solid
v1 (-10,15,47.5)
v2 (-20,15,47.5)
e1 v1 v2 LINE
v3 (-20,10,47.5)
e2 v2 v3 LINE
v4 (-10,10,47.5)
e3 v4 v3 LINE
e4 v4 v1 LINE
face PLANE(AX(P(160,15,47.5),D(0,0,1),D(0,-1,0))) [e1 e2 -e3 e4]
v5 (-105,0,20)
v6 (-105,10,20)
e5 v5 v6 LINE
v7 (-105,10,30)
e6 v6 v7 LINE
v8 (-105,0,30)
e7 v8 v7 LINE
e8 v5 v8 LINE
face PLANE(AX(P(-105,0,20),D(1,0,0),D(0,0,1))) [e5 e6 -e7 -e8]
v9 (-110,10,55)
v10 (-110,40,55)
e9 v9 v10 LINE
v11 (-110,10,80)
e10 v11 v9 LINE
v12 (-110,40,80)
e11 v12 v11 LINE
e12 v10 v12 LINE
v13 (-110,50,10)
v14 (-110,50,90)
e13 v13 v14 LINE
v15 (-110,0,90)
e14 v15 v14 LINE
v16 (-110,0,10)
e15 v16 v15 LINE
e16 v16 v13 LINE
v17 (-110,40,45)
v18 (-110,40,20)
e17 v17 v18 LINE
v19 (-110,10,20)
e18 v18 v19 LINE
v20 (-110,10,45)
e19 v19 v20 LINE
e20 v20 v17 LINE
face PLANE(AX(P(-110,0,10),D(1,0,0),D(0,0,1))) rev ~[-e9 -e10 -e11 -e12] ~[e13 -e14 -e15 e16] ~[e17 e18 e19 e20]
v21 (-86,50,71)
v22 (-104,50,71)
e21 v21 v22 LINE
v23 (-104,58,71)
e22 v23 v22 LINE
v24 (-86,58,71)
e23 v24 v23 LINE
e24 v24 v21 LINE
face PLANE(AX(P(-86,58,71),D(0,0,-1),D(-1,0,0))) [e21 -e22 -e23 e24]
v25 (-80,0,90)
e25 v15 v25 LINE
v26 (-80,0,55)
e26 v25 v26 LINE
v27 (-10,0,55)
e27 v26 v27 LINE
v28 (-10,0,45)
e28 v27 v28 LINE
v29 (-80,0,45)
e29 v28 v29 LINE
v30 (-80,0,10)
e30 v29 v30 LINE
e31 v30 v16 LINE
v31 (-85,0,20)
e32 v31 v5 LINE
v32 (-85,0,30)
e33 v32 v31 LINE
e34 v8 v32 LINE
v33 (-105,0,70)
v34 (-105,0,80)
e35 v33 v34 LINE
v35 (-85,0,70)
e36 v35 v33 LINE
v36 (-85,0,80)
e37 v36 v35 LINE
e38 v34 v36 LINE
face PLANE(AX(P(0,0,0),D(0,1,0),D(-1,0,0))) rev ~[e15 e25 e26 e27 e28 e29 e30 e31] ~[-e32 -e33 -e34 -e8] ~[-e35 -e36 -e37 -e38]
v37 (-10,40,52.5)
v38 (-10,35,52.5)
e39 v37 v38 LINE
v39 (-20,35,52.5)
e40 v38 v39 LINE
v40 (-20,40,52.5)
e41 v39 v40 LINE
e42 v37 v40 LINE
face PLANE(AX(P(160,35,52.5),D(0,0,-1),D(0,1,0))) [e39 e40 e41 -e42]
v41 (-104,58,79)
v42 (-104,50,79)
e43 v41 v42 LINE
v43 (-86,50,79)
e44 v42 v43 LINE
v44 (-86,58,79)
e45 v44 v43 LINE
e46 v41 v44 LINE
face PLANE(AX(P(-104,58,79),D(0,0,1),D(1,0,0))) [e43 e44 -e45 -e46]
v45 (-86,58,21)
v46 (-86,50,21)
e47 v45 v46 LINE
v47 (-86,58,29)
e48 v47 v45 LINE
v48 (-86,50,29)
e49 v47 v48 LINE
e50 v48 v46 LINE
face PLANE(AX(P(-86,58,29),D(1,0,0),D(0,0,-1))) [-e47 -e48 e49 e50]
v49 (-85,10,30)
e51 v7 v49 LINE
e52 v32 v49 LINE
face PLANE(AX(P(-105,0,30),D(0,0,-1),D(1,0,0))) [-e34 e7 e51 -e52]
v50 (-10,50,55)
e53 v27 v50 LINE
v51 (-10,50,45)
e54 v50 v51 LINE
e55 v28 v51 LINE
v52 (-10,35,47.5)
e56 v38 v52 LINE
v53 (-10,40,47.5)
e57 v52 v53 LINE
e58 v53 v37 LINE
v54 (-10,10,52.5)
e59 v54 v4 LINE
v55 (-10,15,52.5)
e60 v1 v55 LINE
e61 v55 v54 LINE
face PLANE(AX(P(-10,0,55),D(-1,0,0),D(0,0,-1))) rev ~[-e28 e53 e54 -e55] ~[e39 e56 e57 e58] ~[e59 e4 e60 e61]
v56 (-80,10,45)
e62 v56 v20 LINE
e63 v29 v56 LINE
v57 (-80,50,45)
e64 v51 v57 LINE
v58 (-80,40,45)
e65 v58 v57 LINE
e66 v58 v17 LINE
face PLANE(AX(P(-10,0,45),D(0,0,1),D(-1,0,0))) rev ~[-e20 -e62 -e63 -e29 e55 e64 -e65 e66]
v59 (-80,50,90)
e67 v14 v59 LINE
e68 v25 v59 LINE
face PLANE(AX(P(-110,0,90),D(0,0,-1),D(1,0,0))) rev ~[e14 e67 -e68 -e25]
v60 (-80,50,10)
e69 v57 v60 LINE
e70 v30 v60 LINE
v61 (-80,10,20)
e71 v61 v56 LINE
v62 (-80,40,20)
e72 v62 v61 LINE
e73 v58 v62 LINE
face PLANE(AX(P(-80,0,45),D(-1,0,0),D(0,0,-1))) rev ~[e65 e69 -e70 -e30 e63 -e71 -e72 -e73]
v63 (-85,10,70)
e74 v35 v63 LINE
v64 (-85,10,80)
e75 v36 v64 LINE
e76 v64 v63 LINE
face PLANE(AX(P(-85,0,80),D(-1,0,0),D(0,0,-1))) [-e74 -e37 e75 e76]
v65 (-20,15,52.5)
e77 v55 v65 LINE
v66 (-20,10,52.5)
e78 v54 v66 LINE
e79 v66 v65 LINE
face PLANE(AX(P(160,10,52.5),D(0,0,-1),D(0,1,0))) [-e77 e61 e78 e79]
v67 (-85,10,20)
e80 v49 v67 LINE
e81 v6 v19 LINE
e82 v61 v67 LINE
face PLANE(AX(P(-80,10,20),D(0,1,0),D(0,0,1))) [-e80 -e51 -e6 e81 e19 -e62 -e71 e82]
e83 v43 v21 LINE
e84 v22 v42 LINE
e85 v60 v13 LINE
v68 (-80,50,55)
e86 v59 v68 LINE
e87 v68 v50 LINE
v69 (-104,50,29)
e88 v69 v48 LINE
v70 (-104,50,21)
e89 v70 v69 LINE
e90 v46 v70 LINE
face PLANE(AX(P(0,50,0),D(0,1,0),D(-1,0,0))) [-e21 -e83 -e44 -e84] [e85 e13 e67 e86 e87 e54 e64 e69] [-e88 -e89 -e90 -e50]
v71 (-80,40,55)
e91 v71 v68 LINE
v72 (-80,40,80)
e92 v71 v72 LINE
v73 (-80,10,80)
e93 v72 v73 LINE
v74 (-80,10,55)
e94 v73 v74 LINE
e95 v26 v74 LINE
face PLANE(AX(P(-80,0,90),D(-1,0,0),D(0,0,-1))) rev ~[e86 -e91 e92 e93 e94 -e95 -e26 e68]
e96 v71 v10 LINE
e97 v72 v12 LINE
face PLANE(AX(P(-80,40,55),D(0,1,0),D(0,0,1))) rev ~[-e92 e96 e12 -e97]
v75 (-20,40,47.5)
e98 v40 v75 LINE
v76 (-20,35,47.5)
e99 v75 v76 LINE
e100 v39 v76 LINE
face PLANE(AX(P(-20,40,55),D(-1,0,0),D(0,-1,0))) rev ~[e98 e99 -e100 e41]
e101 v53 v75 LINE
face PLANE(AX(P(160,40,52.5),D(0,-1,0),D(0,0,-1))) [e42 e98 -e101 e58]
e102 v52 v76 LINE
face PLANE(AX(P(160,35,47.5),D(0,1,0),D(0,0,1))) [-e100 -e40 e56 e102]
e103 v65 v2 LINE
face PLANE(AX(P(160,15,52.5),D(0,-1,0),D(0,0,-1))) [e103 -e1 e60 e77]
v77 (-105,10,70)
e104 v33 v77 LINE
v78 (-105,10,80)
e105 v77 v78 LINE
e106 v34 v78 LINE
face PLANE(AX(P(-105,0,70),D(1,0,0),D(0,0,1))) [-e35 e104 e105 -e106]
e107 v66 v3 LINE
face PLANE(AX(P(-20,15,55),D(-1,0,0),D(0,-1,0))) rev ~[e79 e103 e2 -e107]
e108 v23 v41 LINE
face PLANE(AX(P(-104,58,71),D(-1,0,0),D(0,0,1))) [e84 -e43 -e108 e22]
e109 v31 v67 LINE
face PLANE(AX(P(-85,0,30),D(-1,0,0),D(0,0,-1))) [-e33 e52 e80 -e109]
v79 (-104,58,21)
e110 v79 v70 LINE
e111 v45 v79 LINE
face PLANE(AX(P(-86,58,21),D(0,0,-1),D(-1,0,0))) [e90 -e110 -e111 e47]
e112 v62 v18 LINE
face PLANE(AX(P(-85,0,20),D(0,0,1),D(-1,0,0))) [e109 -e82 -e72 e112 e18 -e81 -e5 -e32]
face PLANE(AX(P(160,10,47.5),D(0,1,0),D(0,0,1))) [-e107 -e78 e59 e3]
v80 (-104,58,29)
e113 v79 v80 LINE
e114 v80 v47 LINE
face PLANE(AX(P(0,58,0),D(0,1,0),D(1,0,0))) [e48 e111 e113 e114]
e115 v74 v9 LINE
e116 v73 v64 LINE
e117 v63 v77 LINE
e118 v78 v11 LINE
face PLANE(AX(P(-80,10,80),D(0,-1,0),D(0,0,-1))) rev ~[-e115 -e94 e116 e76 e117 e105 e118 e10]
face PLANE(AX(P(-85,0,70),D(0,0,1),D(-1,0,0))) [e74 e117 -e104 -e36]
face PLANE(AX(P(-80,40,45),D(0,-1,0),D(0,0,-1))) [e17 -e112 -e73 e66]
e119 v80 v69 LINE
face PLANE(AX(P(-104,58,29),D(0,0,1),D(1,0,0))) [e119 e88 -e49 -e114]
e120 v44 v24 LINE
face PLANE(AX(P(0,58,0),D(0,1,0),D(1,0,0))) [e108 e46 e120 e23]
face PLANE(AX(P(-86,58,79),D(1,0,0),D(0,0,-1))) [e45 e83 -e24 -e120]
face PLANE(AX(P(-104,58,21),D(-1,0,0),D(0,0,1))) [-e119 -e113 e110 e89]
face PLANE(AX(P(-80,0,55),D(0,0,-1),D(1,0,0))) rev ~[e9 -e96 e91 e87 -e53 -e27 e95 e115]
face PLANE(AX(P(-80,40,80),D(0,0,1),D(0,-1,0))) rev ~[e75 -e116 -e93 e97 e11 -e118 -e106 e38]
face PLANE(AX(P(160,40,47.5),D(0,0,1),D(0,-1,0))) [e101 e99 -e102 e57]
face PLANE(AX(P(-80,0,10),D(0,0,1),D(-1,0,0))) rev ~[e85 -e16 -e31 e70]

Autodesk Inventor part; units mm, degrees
ref_plane "YZ Plane" through (0, 0, 0) normal (1, 0, 0) x (0, 1, 0)
ref_plane "XZ Plane" through (0, 0, 0) normal (0, 1, 0) x (-1, 0, 0)
ref_plane "XY Plane" through (0, 0, 0) normal (0, 0, 1) x (1, 0, 0)
sketch "Sketch1" plane through (0, 0, 0) normal (0, 1, 0) x (-1, 0, 0)
  line L0 (-10, -55) -> (-160, -55)
  line L1 (-160, -55) -> (-160, -45)
  line L2 (-160, -45) -> (-10, -45)
  line L3 (-10, -45) -> (-10, -55)
  line L4 (10, -55) -> (80, -55)
  line L5 (80, -55) -> (80, -90)
  line L6 (80, -90) -> (110, -90)
  line L7 (110, -90) -> (110, -10)
  line L8 (110, -10) -> (80, -10)
  line L9 (80, -10) -> (80, -45)
  line L10 (80, -45) -> (10, -45)
  line L11 (10, -45) -> (10, -55)
  line L12 (0, -122.2654) -> (0, -189.4683)
  line L13 (-10, 55) -> (-10, 45)
  line L14 (10, 55) -> (10, 45)
  line L15 (80, 10) -> (110, 10)
  line L16 (10, 45) -> (80, 45)
  line L17 (80, 45) -> (80, 10)
  line L18 (80, 55) -> (10, 55)
  line L19 (80, 90) -> (80, 55)
  line L20 (110, 10) -> (110, 90)
  line L21 (110, 90) -> (80, 90)
  line L22 (-160, 55) -> (-10, 55)
  line L23 (-160, 45) -> (-160, 55)
  line L24 (-10, 45) -> (-160, 45)
  point P0 (0, 0)
  dimension "d0" = 10
  dimension "d1" = 80
  dimension "d2" = 10
  dimension "d4" = 30
  dimension "d5" = 30
  dimension "d6" = 35
  dimension "d7" = 35
  dimension "d8" = 45
  dimension "d9" = 10
  dimension "d10" = 10
  dimension "d11" = 150
  dimension "d12" = 100
  dimension "d13" = 0
  dimension "d16" = 100
extrude "Extrusion1" add sketch "Sketch1" along normal blind 50
sketch "Sketch2" plane through (160, 0, 55) normal (1, 0, 0) x (0, 0, -1)
  line L0 (2.5, 40) -> (7.5, 40)
  line L1 (7.5, 40) -> (7.5, 35)
  line L2 (7.5, 35) -> (2.5, 35)
  line L3 (2.5, 35) -> (2.5, 40)
  line L4 (0, 50) -> (10, 50) projected
  line L5 (10, 0) -> (10, 50) projected
  line L6 (2.5, 15) -> (7.5, 15)
  line L7 (7.5, 15) -> (7.5, 10)
  line L8 (7.5, 10) -> (2.5, 10)
  line L9 (2.5, 10) -> (2.5, 15)
  line L10 (102.5, 40) -> (107.5, 40)
  line L11 (107.5, 40) -> (107.5, 35)
  line L12 (107.5, 35) -> (102.5, 35)
  line L13 (102.5, 35) -> (102.5, 40)
  line L14 (102.5, 15) -> (107.5, 15)
  line L15 (107.5, 15) -> (107.5, 10)
  line L16 (107.5, 10) -> (102.5, 10)
  line L17 (102.5, 10) -> (102.5, 15)
  point P0 (55, 0)
  dimension "d23" = 10
  dimension "d24" = 5
  dimension "d25" = 2.5
  dimension "d26" = 5
  dimension "d29" = 25
  dimension "d32" = 100
extrude "Extrusion2" cut sketch "Sketch2" against normal blind 200
sketch "Sketch3" plane through (0, 50, 0) normal (0, 1, 0) x (1, 0, 0)
  line L0 (-105, -20) -> (-85, -20)
  line L1 (-85, -20) -> (-85, -30)
  line L2 (-85, -30) -> (-105, -30)
  line L3 (-105, -30) -> (-105, -20)
  line L4 (-110, -10) -> (-110, -90) projected
  line L5 (-105, -70) -> (-85, -70)
  line L6 (-85, -70) -> (-85, -80)
  line L7 (-85, -80) -> (-105, -80)
  line L8 (-105, -80) -> (-105, -70)
  line L9 (-105, 80) -> (-85, 80)
  line L10 (-85, 80) -> (-85, 70)
  line L11 (-85, 70) -> (-105, 70)
  line L12 (-105, 70) -> (-105, 80)
  line L13 (-105, 30) -> (-85, 30)
  line L14 (-85, 30) -> (-85, 20)
  line L15 (-85, 20) -> (-105, 20)
  line L16 (-105, 20) -> (-105, 30)
  point P0 (0, 0)
  dimension "d37" = 20
  dimension "d38" = 10
  dimension "d39" = 20
  dimension "d40" = 85
  dimension "d43" = 50
  dimension "d46" = 100
extrude "Extrusion3" add sketch "Sketch3" along normal blind 8
sketch "Sketch4" plane through (0, 0, 0) normal (0, -1, 0) x (1, 0, 0)
  line L0 (-105, -70) -> (-85, -70) projected
  line L1 (-85, -70) -> (-85, -80) projected
  line L2 (-85, -80) -> (-105, -80) projected
  line L3 (-105, -80) -> (-105, -70) projected
  line L4 (-105, -20) -> (-85, -20) projected
  line L5 (-85, -20) -> (-85, -30) projected
  line L6 (-85, -30) -> (-105, -30) projected
  line L7 (-105, -30) -> (-105, -20) projected
  line L8 (-105, 30) -> (-85, 30) projected
  line L9 (-85, 30) -> (-85, 20) projected
  line L10 (-85, 20) -> (-105, 20) projected
  line L11 (-105, 20) -> (-105, 30) projected
  line L12 (-105, 80) -> (-85, 80) projected
  line L13 (-85, 80) -> (-85, 70) projected
  line L14 (-85, 70) -> (-105, 70) projected
  line L15 (-105, 70) -> (-105, 80) projected
  line L16 (-85, 80) -> (-105, 80)
  line L17 (-105, 80) -> (-105, 70)
  line L18 (-105, 70) -> (-85, 70)
  line L19 (-85, 70) -> (-85, 80)
  line L20 (-85, 30) -> (-105, 30)
  line L21 (-105, 30) -> (-105, 20)
  line L22 (-105, 20) -> (-85, 20)
  line L23 (-85, 20) -> (-85, 30)
  line L24 (-85, -20) -> (-105, -20)
  line L25 (-105, -20) -> (-105, -30)
  line L26 (-105, -30) -> (-85, -30)
  line L27 (-85, -30) -> (-85, -20)
  line L28 (-85, -70) -> (-105, -70)
  line L29 (-105, -70) -> (-105, -80)
  line L30 (-105, -80) -> (-85, -80)
  line L31 (-85, -80) -> (-85, -70)
  point P0 (0, 0)
extrude "Extrusion4" cut sketch "Sketch4" against normal blind 10
sketch "Sketch5" plane through (10, 0, 55) normal (0, 0, 1) x (1, 0, 0)
  line L0 (0, 0) -> (0, 50) projected
  line L1 (0, 50) -> (150, 50) projected
  line L2 (150, 0) -> (150, 50) projected
  line L3 (0, 0) -> (150, 0) projected
  line L4 (0, 35) -> (0, 40) projected
  line L5 (150, 35) -> (0, 35) projected
  line L6 (150, 40) -> (150, 35) projected
  line L7 (150, 40) -> (0, 40) projected
  line L8 (0, 10) -> (0, 15) projected
  line L9 (150, 10) -> (0, 10) projected
  line L10 (150, 15) -> (150, 10) projected
  line L11 (150, 15) -> (0, 15) projected
  line L12 (10, 40) -> (140, 40)
  line L13 (140, 40) -> (140, 35)
  line L14 (140, 35) -> (10, 35)
  line L15 (10, 35) -> (10, 40)
  line L16 (10, 15) -> (140, 15)
  line L17 (140, 15) -> (140, 10)
  line L18 (140, 10) -> (10, 10)
  line L19 (10, 10) -> (10, 15)
  point P0 (-10, 0)
  point P1 (10, 10)
  dimension "d53" = 10
  dimension "d54" = 10
  dimension "d55" = 10
  dimension "d56" = 10
extrude "Extrusion5" add sketch "Sketch5" against normal blind 10 contours L19 L11 L17 L9 | L15 L7 L13 L5
sketch "Sketch6" plane through (160, 0, -55) normal (0, 0, -1) x (-1, 0, 0)
  line L0 (150, 40) -> (150, 35) projected
  line L1 (0, 40) -> (150, 40) projected
  line L2 (0, 35) -> (0, 40) projected
  line L3 (0, 35) -> (150, 35) projected
  line L4 (150, 15) -> (150, 10) projected
  line L5 (0, 15) -> (150, 15) projected
  line L6 (0, 10) -> (0, 15) projected
  line L7 (0, 10) -> (150, 10) projected
  line L8 (10, 40) -> (140, 40)
  line L9 (140, 40) -> (140, 35)
  line L10 (140, 35) -> (10, 35)
  line L11 (10, 35) -> (10, 40)
  line L12 (10, 15) -> (140, 15)
  line L13 (140, 15) -> (140, 10)
  line L14 (140, 10) -> (10, 10)
  line L15 (10, 10) -> (10, 15)
  point P0 (160, 0)
  point P1 (140, 37.5)
  point P2 (10, 10)
  dimension "d59" = 10
  dimension "d60" = 10
  dimension "d61" = 10
  dimension "d62" = 10
extrude "Extrusion6" add sketch "Sketch6" against normal blind 10 contours L9 L3 L11 L1 | L13 L7 L15 L5
sketch "Sketch7" plane through (0, 58, 0) normal (0, 1, 0) x (1, 0, 0)
  line L0 (-105, -80) -> (-85, -80) projected
  line L1 (-85, -80) -> (-85, -70) projected
  line L2 (-85, -70) -> (-105, -70) projected
  line L3 (-105, -70) -> (-105, -80) projected
  line L4 (-105, -30) -> (-85, -30) projected
  line L5 (-85, -30) -> (-85, -20) projected
  line L6 (-85, -20) -> (-105, -20) projected
  line L7 (-105, -20) -> (-105, -30) projected
  line L8 (-105, 20) -> (-85, 20) projected
  line L9 (-85, 20) -> (-85, 30) projected
  line L10 (-85, 30) -> (-105, 30) projected
  line L11 (-105, 30) -> (-105, 20) projected
  line L12 (-105, 70) -> (-85, 70) projected
  line L13 (-85, 70) -> (-85, 80) projected
  line L14 (-85, 80) -> (-105, 80) projected
  line L15 (-105, 80) -> (-105, 70) projected
  line L16 (-104, -79) -> (-86, -79)
  line L17 (-86, -79) -> (-86, -71)
  line L18 (-86, -71) -> (-104, -71)
  line L19 (-104, -71) -> (-104, -79)
  line L20 (-86, -21) -> (-104, -21)
  line L21 (-104, -21) -> (-104, -29)
  line L22 (-104, -29) -> (-86, -29)
  line L23 (-86, -29) -> (-86, -21)
  line L24 (-86, 29) -> (-104, 29)
  line L25 (-104, 29) -> (-104, 21)
  line L26 (-104, 21) -> (-86, 21)
  line L27 (-86, 21) -> (-86, 29)
  line L28 (-86, 79) -> (-104, 79)
  line L29 (-104, 79) -> (-104, 71)
  line L30 (-104, 71) -> (-86, 71)
  line L31 (-86, 71) -> (-86, 79)
  line L32 (-105, -80) -> (-85, -80)
  line L33 (-85, -80) -> (-85, -70)
  line L34 (-85, -70) -> (-105, -70)
  line L35 (-105, -70) -> (-105, -80)
  line L36 (-105, -30) -> (-85, -30)
  line L37 (-85, -30) -> (-85, -20)
  line L38 (-85, -20) -> (-105, -20)
  line L39 (-105, -20) -> (-105, -30)
  line L40 (-105, 20) -> (-85, 20)
  line L41 (-85, 20) -> (-85, 30)
  line L42 (-85, 30) -> (-105, 30)
  line L43 (-105, 30) -> (-105, 20)
  line L44 (-105, 70) -> (-85, 70)
  line L45 (-85, 70) -> (-85, 80)
  line L46 (-85, 80) -> (-105, 80)
  line L47 (-105, 80) -> (-105, 70)
  point P0 (0, 0)
  dimension "d65" = 1
  dimension "d66" = 1
  dimension "d67" = 1
  dimension "d68" = 1
  dimension "d71" = 50
  dimension "d74" = 100
extrude "Extrusion7" cut sketch "Sketch7" against normal blind 8
sketch "Sketch8" plane through (-80, 0, 55) normal (0, 0, 1) x (1, 0, 0)
  line L0 (70, 40) -> (70, 35) projected
  line L1 (70, 40) -> (40, 40) projected
  line L2 (40, 40) -> (40, 35) projected
  line L3 (70, 35) -> (40, 35) projected
  line L4 (70, 15) -> (70, 10) projected
  line L5 (70, 15) -> (40, 15) projected
  line L6 (40, 15) -> (40, 10) projected
  line L7 (70, 10) -> (40, 10) projected
  line L8 (40, 40) -> (60, 40)
  line L9 (60, 40) -> (60, 35)
  line L10 (60, 35) -> (40, 35)
  line L11 (40, 35) -> (40, 40)
  line L12 (40, 15) -> (60, 15)
  line L13 (60, 15) -> (60, 10)
  line L14 (60, 10) -> (40, 10)
  line L15 (40, 10) -> (40, 15)
  point P0 (80, 0)
  point P1 (60, 15)
  point P2 (60, 40)
  dimension "d79" = 10
  dimension "d80" = 10
extrude "Extrusion8" add sketch "Sketch8" against normal blind 10 contours L9 L3 L2 L1 | L13 L7 L6 L5
sketch "Sketch9" plane through (-10, 0, -55) normal (0, 0, -1) x (-1, 0, 0)
  line L0 (0, 35) -> (0, 40) projected
  line L1 (0, 35) -> (30, 35) projected
  line L2 (30, 35) -> (30, 40) projected
  line L3 (0, 40) -> (30, 40) projected
  line L4 (0, 10) -> (0, 15) projected
  line L5 (0, 10) -> (30, 10) projected
  line L6 (30, 10) -> (30, 15) projected
  line L7 (0, 15) -> (30, 15) projected
  line L8 (30, 40) -> (10, 40)
  line L9 (10, 40) -> (10, 10)
  line L10 (10, 10) -> (30, 10)
  line L11 (30, 10) -> (30, 40)
  point P0 (-10, 0)
  point P1 (0, 37.5)
  dimension "d83" = 10
extrude "Extrusion9" add sketch "Sketch9" against normal blind 10 contours L9 L3 L2 L1 | L1 L11 L7 L9 | L7 L6 L5 L9
sketch "Sketch10" plane through (0, 58, 0) normal (0, 1, 0) x (1, 0, 0)
  line L0 (-140, 100) -> (-140, 0)
  line L1 (-140, 0) -> (0, 0)
  line L2 (0, 0) -> (0, -100)
  line L3 (0, -100) -> (180, -100)
  line L4 (180, -100) -> (180, 100)
  line L5 (180, 100) -> (-140, 100)
  dimension "d86" = 100
  dimension "d87" = 320
  dimension "d88" = 200
  dimension "d89" = 180
extrude "Extrusion10" cut sketch "Sketch10" against normal through all
sketch "Sketch11" plane through (-80, 0, 90) normal (1, 0, 0) x (0, 0, -1)
  line L0 (0, 0) -> (35, 0) projected
  line L1 (35, 0) -> (35, 50) projected
  line L2 (0, 50) -> (35, 50) projected
  line L3 (0, 0) -> (0, 50) projected
  line L4 (45, 0) -> (80, 0) projected
  line L5 (80, 0) -> (80, 50) projected
  line L6 (45, 50) -> (80, 50) projected
  line L7 (45, 0) -> (45, 50) projected
  line L8 (35, 40) -> (10, 40)
  line L9 (10, 40) -> (10, 10)
  line L10 (10, 10) -> (35, 10)
  line L11 (35, 10) -> (35, 40)
  line L12 (45, 40) -> (70, 40)
  line L13 (70, 40) -> (70, 10)
  line L14 (70, 10) -> (45, 10)
  line L15 (45, 10) -> (45, 40)
  point P0 (90, 0)
  point P1 (17.5, 0)
  point P2 (35, 10)
  dimension "d92" = 25
  dimension "d93" = 25
  dimension "d94" = 30
  dimension "d95" = 10
extrude "Extrusion11" cut sketch "Sketch11" against normal blind 30 contours L10 L9 L8 L1 | L7 L12 L13 L14
properties part number "Hurdle Split"
